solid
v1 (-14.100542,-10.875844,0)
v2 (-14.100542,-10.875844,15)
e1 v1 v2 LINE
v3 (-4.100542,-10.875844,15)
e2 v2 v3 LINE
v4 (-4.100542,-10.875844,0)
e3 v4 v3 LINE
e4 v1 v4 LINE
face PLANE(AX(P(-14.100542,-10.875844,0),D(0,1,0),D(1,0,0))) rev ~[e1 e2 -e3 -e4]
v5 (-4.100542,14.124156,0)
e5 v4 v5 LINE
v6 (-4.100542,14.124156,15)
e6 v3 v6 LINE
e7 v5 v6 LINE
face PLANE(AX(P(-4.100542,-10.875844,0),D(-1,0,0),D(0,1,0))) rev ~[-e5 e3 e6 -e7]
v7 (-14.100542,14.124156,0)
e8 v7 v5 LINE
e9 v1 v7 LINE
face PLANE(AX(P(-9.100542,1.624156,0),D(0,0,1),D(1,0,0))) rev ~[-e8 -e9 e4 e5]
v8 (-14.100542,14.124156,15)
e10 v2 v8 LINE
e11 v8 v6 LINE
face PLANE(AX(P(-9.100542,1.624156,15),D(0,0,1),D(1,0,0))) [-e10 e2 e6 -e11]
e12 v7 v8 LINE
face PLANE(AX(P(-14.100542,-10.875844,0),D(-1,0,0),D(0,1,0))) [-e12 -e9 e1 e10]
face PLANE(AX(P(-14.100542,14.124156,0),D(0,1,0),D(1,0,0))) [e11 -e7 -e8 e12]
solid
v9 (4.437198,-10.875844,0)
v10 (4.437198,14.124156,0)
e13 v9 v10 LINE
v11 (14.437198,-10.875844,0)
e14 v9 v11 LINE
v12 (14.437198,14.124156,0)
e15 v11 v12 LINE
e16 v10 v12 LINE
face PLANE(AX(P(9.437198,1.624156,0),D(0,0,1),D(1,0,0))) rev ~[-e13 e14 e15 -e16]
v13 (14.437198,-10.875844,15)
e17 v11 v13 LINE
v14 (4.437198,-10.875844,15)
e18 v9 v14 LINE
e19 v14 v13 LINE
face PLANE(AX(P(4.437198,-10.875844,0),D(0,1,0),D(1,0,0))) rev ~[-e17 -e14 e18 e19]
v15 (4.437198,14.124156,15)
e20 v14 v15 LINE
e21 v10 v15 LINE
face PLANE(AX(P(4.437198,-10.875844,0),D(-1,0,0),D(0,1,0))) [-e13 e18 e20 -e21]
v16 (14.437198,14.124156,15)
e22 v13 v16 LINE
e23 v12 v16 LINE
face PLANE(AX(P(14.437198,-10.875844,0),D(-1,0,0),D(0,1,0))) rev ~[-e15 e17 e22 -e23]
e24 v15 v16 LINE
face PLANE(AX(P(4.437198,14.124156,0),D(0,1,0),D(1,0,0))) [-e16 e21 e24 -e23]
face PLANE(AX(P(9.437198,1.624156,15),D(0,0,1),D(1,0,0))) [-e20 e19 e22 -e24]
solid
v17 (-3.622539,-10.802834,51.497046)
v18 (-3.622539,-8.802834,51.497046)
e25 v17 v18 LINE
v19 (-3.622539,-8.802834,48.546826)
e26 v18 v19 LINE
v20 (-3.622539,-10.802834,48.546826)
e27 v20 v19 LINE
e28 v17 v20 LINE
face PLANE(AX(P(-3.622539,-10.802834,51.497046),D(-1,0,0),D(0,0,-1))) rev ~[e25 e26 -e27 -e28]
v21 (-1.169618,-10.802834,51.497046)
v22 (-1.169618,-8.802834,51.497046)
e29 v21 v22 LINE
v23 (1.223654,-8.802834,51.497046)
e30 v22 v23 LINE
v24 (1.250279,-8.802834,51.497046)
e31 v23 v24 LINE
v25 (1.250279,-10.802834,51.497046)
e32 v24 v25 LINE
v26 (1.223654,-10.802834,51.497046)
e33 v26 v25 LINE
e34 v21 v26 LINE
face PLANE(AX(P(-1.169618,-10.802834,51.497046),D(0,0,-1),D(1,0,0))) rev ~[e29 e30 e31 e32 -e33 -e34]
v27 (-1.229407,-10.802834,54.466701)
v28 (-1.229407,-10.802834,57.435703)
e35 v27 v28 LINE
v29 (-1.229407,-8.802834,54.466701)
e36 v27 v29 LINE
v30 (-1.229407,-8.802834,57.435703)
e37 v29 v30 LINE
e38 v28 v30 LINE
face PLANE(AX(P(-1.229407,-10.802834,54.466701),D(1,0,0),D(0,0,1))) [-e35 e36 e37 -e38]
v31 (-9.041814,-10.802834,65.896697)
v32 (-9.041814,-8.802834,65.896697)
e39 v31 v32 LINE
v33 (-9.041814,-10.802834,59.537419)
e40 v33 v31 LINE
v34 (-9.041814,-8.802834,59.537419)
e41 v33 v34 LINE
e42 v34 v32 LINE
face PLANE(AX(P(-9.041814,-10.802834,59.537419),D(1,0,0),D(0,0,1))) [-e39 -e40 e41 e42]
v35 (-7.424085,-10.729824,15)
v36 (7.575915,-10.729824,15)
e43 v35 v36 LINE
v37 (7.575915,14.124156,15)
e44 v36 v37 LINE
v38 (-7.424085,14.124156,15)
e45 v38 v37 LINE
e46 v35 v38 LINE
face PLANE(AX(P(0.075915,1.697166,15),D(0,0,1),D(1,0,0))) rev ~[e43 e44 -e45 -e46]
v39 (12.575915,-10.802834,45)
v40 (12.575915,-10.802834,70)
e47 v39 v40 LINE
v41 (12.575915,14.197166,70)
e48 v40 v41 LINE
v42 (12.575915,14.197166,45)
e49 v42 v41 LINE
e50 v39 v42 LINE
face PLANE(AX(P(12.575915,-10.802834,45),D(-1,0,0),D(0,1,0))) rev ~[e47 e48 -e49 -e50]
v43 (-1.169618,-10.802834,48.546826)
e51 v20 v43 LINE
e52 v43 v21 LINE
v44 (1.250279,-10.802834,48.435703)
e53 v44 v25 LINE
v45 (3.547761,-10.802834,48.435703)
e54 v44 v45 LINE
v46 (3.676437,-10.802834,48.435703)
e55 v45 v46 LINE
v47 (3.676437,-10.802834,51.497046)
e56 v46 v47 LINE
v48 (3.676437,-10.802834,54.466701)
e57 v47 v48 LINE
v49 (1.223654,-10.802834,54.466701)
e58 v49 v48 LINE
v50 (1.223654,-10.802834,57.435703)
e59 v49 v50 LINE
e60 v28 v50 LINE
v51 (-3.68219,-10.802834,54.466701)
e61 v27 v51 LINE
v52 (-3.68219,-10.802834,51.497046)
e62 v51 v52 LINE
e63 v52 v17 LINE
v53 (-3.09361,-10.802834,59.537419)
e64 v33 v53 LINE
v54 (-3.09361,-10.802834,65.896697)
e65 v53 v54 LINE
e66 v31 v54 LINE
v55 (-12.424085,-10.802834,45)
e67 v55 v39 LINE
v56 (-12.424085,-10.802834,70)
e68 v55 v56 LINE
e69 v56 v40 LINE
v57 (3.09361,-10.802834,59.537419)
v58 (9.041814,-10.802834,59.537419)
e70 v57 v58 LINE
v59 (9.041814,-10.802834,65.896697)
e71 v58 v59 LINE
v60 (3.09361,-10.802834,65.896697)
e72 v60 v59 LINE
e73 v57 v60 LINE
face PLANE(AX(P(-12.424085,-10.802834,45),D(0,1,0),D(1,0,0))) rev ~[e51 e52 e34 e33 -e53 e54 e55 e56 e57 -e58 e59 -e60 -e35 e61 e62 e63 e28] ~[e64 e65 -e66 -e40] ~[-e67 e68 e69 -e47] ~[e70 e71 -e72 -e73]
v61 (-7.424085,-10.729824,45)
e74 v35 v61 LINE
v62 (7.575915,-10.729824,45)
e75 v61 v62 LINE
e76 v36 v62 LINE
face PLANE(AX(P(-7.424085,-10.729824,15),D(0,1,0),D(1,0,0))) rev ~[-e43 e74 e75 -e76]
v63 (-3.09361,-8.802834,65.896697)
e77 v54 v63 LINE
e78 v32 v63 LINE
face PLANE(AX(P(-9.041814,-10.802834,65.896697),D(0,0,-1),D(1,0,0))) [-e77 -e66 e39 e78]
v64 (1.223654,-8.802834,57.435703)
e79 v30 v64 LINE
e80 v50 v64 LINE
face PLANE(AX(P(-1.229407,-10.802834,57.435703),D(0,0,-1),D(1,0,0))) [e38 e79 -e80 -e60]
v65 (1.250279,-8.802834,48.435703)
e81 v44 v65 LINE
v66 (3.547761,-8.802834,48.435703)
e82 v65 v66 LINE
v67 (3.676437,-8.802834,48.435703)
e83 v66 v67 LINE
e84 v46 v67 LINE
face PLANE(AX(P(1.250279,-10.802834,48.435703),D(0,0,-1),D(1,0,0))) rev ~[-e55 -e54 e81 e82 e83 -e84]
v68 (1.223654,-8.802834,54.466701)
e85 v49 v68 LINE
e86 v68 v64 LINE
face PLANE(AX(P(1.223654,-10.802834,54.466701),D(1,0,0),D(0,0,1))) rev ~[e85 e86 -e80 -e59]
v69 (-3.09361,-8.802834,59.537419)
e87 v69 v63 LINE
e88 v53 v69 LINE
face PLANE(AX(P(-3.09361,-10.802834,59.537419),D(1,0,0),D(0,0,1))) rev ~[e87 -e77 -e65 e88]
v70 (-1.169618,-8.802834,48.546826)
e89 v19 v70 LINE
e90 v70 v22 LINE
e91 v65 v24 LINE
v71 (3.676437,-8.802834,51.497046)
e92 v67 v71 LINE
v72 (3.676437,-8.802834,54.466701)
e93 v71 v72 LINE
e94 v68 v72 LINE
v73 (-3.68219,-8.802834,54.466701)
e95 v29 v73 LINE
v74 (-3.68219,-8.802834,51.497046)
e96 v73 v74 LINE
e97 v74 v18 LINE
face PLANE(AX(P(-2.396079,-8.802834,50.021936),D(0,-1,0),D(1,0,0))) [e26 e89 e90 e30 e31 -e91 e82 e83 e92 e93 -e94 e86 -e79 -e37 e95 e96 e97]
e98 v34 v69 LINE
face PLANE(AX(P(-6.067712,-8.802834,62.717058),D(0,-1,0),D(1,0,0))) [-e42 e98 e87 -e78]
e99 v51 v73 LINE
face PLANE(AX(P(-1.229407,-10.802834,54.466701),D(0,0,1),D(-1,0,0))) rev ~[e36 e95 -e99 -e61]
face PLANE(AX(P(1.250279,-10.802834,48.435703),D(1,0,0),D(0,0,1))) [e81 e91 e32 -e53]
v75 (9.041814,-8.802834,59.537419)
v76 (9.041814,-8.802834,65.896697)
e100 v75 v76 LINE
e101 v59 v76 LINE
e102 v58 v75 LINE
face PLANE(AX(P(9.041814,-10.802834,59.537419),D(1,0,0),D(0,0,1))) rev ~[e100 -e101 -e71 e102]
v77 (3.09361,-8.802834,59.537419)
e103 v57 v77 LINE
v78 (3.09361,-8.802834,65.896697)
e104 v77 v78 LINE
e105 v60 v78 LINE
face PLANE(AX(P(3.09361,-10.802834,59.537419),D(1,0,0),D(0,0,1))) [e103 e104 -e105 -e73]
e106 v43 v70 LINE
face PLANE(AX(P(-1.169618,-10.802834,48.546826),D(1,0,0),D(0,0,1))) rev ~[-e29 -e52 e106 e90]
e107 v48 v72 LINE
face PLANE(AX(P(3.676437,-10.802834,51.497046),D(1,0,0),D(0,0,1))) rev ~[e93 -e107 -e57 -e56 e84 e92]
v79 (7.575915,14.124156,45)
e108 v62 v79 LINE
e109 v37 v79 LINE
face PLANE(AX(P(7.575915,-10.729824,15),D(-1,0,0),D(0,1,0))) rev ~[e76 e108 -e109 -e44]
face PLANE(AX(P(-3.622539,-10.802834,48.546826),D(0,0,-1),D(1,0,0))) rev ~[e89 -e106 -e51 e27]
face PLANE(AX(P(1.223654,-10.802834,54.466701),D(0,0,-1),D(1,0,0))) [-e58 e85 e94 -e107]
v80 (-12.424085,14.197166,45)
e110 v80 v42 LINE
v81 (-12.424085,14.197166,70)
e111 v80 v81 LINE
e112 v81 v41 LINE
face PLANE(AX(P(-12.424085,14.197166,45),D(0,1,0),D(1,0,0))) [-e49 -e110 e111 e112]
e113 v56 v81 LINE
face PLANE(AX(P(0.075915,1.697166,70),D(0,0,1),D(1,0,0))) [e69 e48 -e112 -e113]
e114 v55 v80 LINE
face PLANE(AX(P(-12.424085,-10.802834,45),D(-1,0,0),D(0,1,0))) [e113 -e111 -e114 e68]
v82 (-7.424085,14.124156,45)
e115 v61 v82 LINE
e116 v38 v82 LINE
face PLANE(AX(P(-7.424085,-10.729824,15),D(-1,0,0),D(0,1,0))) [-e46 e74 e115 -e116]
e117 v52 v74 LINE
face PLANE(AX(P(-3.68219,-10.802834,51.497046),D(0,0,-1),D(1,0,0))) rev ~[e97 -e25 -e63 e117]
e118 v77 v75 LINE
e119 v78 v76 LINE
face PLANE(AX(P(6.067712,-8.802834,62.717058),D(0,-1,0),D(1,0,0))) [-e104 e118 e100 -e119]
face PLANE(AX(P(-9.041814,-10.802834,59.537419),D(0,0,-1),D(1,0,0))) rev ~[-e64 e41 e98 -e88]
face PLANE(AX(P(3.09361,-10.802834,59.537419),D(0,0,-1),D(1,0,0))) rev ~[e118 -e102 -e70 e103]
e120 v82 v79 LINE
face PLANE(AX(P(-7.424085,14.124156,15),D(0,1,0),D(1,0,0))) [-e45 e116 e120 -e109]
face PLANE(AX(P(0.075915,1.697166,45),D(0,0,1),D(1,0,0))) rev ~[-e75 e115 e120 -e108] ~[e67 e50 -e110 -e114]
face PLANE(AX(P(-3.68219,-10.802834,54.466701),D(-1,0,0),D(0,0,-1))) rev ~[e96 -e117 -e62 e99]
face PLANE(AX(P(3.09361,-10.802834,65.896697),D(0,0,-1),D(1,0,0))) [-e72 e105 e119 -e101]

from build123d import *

# Parameters (mm, degrees)
F0_W     = 10
F0_H     = 25
F1_DEPTH = 15
F2_W     = 15
F2_H     = 24.8539805735
F3_DEPTH = 30
F4_W     = 25
F4_H     = 25
F5_DEPTH = 25
F6_W     = 5.9482037936
F6_H     = 6.3592779519
F6_W_2   = 2.393132908
F6_H_2   = 0.0191081481
F6_W_3   = 0.0597889316
F6_W_4   = 2.453060212
F6_H_3   = 2.9690019832
F6_W_5   = 2.4527834672
F6_H_4   = 2.9696544395
F6_W_6   = 2.2974823811
F7_DEPTH = 2
F8_W     = 2.4261582943
F8_H     = 6.0309980168
F9_DEPTH = 2


with BuildPart() as f1:
    # F0 (on Top) → F1 (new body)
    with BuildSketch(Plane.XY):
        with Locations((-9.1005424593, 1.6241561423)):
            Rectangle(F0_W, F0_H)
    extrude(amount=F1_DEPTH)


with BuildPart() as f1b:
    # F0 (on Top) → F1, piece 2 (new body)
    with BuildSketch(Plane.XY):
        with Locations((9.4371975632, 1.6241561423)):
            Rectangle(F0_W, F0_H)
    extrude(amount=F1_DEPTH)


with BuildPart() as f3:
    # F2 (on face) → F3 (new body)
    with BuildSketch(Plane.XY.offset(15)):
        with Locations((0.0759150647, 1.6971658555)):
            Rectangle(F2_W, F2_H)
    extrude(amount=F3_DEPTH)

    # F4 (on face) → F5 (join)
    with BuildSketch(Plane.XY.offset(45)):
        with Locations((0.0759150647, 1.6971658555)):
            Rectangle(F4_W, F4_H)
    extrude(amount=F5_DEPTH)

    # F6 (on face) → F7 (cut)
    with BuildSketch(Plane.XZ.offset(10.8028341445)):
        with Locations((-6.0677118599, 62.7170577645)):
            Rectangle(F6_W, F6_H)
        with Locations((6.0677118599, 62.7170577645)):
            Rectangle(F6_W, F6_H)
        Polygon((-1.1696176552, 51.4970461307), (-1.2294065868, 51.4970461307), (-3.6225394948, 51.4970461307), (-3.6225394948, 48.5468260675), (-1.1696176552, 48.5468260675), align=None)
        with Locations((-2.4259730408, 51.5066002048)):
            Rectangle(F6_W_2, F6_H_2)
        with Locations((-1.199512121, 51.5066002048)):
            Rectangle(F6_W_3, F6_H_2)
        Polygon((-3.682190054, 51.4970461307), (-3.6225394948, 51.4970461307), (-3.6225394948, 51.5161542788), (-1.2294065868, 51.5161542788), (-1.2294065868, 54.4667005702), (-3.682190054, 54.4667005702), align=None)
        Polygon((-1.2294065868, 54.4667005702), (-1.2294065868, 51.5161542788), (-1.1696176552, 51.5161542788), (-1.1696176552, 51.4970461307), (1.2236536252, 51.4970461307), (1.2236536252, 54.4667005702), align=None)
        with Locations((-0.0028764808, 55.9512015618)):
            Rectangle(F6_W_4, F6_H_3)
        with Locations((2.4500453588, 52.9818733505)):
            Rectangle(F6_W_5, F6_H_4)
        with Locations((2.3990199887, 49.9205297731)):
            Rectangle(F6_W_6, F6_H_4)
    extrude(amount=-F7_DEPTH, mode=Mode.SUBTRACT)

    # F8 (on face) → F9 (cut)
    with BuildSketch(Plane.XZ.offset(10.8028341445)):
        with Locations((2.4633579453, 51.4512015618)):
            Rectangle(F8_W, F8_H)
    extrude(amount=-F9_DEPTH, mode=Mode.SUBTRACT)


solid = Compound([f1.part, f1b.part, f3.part])
